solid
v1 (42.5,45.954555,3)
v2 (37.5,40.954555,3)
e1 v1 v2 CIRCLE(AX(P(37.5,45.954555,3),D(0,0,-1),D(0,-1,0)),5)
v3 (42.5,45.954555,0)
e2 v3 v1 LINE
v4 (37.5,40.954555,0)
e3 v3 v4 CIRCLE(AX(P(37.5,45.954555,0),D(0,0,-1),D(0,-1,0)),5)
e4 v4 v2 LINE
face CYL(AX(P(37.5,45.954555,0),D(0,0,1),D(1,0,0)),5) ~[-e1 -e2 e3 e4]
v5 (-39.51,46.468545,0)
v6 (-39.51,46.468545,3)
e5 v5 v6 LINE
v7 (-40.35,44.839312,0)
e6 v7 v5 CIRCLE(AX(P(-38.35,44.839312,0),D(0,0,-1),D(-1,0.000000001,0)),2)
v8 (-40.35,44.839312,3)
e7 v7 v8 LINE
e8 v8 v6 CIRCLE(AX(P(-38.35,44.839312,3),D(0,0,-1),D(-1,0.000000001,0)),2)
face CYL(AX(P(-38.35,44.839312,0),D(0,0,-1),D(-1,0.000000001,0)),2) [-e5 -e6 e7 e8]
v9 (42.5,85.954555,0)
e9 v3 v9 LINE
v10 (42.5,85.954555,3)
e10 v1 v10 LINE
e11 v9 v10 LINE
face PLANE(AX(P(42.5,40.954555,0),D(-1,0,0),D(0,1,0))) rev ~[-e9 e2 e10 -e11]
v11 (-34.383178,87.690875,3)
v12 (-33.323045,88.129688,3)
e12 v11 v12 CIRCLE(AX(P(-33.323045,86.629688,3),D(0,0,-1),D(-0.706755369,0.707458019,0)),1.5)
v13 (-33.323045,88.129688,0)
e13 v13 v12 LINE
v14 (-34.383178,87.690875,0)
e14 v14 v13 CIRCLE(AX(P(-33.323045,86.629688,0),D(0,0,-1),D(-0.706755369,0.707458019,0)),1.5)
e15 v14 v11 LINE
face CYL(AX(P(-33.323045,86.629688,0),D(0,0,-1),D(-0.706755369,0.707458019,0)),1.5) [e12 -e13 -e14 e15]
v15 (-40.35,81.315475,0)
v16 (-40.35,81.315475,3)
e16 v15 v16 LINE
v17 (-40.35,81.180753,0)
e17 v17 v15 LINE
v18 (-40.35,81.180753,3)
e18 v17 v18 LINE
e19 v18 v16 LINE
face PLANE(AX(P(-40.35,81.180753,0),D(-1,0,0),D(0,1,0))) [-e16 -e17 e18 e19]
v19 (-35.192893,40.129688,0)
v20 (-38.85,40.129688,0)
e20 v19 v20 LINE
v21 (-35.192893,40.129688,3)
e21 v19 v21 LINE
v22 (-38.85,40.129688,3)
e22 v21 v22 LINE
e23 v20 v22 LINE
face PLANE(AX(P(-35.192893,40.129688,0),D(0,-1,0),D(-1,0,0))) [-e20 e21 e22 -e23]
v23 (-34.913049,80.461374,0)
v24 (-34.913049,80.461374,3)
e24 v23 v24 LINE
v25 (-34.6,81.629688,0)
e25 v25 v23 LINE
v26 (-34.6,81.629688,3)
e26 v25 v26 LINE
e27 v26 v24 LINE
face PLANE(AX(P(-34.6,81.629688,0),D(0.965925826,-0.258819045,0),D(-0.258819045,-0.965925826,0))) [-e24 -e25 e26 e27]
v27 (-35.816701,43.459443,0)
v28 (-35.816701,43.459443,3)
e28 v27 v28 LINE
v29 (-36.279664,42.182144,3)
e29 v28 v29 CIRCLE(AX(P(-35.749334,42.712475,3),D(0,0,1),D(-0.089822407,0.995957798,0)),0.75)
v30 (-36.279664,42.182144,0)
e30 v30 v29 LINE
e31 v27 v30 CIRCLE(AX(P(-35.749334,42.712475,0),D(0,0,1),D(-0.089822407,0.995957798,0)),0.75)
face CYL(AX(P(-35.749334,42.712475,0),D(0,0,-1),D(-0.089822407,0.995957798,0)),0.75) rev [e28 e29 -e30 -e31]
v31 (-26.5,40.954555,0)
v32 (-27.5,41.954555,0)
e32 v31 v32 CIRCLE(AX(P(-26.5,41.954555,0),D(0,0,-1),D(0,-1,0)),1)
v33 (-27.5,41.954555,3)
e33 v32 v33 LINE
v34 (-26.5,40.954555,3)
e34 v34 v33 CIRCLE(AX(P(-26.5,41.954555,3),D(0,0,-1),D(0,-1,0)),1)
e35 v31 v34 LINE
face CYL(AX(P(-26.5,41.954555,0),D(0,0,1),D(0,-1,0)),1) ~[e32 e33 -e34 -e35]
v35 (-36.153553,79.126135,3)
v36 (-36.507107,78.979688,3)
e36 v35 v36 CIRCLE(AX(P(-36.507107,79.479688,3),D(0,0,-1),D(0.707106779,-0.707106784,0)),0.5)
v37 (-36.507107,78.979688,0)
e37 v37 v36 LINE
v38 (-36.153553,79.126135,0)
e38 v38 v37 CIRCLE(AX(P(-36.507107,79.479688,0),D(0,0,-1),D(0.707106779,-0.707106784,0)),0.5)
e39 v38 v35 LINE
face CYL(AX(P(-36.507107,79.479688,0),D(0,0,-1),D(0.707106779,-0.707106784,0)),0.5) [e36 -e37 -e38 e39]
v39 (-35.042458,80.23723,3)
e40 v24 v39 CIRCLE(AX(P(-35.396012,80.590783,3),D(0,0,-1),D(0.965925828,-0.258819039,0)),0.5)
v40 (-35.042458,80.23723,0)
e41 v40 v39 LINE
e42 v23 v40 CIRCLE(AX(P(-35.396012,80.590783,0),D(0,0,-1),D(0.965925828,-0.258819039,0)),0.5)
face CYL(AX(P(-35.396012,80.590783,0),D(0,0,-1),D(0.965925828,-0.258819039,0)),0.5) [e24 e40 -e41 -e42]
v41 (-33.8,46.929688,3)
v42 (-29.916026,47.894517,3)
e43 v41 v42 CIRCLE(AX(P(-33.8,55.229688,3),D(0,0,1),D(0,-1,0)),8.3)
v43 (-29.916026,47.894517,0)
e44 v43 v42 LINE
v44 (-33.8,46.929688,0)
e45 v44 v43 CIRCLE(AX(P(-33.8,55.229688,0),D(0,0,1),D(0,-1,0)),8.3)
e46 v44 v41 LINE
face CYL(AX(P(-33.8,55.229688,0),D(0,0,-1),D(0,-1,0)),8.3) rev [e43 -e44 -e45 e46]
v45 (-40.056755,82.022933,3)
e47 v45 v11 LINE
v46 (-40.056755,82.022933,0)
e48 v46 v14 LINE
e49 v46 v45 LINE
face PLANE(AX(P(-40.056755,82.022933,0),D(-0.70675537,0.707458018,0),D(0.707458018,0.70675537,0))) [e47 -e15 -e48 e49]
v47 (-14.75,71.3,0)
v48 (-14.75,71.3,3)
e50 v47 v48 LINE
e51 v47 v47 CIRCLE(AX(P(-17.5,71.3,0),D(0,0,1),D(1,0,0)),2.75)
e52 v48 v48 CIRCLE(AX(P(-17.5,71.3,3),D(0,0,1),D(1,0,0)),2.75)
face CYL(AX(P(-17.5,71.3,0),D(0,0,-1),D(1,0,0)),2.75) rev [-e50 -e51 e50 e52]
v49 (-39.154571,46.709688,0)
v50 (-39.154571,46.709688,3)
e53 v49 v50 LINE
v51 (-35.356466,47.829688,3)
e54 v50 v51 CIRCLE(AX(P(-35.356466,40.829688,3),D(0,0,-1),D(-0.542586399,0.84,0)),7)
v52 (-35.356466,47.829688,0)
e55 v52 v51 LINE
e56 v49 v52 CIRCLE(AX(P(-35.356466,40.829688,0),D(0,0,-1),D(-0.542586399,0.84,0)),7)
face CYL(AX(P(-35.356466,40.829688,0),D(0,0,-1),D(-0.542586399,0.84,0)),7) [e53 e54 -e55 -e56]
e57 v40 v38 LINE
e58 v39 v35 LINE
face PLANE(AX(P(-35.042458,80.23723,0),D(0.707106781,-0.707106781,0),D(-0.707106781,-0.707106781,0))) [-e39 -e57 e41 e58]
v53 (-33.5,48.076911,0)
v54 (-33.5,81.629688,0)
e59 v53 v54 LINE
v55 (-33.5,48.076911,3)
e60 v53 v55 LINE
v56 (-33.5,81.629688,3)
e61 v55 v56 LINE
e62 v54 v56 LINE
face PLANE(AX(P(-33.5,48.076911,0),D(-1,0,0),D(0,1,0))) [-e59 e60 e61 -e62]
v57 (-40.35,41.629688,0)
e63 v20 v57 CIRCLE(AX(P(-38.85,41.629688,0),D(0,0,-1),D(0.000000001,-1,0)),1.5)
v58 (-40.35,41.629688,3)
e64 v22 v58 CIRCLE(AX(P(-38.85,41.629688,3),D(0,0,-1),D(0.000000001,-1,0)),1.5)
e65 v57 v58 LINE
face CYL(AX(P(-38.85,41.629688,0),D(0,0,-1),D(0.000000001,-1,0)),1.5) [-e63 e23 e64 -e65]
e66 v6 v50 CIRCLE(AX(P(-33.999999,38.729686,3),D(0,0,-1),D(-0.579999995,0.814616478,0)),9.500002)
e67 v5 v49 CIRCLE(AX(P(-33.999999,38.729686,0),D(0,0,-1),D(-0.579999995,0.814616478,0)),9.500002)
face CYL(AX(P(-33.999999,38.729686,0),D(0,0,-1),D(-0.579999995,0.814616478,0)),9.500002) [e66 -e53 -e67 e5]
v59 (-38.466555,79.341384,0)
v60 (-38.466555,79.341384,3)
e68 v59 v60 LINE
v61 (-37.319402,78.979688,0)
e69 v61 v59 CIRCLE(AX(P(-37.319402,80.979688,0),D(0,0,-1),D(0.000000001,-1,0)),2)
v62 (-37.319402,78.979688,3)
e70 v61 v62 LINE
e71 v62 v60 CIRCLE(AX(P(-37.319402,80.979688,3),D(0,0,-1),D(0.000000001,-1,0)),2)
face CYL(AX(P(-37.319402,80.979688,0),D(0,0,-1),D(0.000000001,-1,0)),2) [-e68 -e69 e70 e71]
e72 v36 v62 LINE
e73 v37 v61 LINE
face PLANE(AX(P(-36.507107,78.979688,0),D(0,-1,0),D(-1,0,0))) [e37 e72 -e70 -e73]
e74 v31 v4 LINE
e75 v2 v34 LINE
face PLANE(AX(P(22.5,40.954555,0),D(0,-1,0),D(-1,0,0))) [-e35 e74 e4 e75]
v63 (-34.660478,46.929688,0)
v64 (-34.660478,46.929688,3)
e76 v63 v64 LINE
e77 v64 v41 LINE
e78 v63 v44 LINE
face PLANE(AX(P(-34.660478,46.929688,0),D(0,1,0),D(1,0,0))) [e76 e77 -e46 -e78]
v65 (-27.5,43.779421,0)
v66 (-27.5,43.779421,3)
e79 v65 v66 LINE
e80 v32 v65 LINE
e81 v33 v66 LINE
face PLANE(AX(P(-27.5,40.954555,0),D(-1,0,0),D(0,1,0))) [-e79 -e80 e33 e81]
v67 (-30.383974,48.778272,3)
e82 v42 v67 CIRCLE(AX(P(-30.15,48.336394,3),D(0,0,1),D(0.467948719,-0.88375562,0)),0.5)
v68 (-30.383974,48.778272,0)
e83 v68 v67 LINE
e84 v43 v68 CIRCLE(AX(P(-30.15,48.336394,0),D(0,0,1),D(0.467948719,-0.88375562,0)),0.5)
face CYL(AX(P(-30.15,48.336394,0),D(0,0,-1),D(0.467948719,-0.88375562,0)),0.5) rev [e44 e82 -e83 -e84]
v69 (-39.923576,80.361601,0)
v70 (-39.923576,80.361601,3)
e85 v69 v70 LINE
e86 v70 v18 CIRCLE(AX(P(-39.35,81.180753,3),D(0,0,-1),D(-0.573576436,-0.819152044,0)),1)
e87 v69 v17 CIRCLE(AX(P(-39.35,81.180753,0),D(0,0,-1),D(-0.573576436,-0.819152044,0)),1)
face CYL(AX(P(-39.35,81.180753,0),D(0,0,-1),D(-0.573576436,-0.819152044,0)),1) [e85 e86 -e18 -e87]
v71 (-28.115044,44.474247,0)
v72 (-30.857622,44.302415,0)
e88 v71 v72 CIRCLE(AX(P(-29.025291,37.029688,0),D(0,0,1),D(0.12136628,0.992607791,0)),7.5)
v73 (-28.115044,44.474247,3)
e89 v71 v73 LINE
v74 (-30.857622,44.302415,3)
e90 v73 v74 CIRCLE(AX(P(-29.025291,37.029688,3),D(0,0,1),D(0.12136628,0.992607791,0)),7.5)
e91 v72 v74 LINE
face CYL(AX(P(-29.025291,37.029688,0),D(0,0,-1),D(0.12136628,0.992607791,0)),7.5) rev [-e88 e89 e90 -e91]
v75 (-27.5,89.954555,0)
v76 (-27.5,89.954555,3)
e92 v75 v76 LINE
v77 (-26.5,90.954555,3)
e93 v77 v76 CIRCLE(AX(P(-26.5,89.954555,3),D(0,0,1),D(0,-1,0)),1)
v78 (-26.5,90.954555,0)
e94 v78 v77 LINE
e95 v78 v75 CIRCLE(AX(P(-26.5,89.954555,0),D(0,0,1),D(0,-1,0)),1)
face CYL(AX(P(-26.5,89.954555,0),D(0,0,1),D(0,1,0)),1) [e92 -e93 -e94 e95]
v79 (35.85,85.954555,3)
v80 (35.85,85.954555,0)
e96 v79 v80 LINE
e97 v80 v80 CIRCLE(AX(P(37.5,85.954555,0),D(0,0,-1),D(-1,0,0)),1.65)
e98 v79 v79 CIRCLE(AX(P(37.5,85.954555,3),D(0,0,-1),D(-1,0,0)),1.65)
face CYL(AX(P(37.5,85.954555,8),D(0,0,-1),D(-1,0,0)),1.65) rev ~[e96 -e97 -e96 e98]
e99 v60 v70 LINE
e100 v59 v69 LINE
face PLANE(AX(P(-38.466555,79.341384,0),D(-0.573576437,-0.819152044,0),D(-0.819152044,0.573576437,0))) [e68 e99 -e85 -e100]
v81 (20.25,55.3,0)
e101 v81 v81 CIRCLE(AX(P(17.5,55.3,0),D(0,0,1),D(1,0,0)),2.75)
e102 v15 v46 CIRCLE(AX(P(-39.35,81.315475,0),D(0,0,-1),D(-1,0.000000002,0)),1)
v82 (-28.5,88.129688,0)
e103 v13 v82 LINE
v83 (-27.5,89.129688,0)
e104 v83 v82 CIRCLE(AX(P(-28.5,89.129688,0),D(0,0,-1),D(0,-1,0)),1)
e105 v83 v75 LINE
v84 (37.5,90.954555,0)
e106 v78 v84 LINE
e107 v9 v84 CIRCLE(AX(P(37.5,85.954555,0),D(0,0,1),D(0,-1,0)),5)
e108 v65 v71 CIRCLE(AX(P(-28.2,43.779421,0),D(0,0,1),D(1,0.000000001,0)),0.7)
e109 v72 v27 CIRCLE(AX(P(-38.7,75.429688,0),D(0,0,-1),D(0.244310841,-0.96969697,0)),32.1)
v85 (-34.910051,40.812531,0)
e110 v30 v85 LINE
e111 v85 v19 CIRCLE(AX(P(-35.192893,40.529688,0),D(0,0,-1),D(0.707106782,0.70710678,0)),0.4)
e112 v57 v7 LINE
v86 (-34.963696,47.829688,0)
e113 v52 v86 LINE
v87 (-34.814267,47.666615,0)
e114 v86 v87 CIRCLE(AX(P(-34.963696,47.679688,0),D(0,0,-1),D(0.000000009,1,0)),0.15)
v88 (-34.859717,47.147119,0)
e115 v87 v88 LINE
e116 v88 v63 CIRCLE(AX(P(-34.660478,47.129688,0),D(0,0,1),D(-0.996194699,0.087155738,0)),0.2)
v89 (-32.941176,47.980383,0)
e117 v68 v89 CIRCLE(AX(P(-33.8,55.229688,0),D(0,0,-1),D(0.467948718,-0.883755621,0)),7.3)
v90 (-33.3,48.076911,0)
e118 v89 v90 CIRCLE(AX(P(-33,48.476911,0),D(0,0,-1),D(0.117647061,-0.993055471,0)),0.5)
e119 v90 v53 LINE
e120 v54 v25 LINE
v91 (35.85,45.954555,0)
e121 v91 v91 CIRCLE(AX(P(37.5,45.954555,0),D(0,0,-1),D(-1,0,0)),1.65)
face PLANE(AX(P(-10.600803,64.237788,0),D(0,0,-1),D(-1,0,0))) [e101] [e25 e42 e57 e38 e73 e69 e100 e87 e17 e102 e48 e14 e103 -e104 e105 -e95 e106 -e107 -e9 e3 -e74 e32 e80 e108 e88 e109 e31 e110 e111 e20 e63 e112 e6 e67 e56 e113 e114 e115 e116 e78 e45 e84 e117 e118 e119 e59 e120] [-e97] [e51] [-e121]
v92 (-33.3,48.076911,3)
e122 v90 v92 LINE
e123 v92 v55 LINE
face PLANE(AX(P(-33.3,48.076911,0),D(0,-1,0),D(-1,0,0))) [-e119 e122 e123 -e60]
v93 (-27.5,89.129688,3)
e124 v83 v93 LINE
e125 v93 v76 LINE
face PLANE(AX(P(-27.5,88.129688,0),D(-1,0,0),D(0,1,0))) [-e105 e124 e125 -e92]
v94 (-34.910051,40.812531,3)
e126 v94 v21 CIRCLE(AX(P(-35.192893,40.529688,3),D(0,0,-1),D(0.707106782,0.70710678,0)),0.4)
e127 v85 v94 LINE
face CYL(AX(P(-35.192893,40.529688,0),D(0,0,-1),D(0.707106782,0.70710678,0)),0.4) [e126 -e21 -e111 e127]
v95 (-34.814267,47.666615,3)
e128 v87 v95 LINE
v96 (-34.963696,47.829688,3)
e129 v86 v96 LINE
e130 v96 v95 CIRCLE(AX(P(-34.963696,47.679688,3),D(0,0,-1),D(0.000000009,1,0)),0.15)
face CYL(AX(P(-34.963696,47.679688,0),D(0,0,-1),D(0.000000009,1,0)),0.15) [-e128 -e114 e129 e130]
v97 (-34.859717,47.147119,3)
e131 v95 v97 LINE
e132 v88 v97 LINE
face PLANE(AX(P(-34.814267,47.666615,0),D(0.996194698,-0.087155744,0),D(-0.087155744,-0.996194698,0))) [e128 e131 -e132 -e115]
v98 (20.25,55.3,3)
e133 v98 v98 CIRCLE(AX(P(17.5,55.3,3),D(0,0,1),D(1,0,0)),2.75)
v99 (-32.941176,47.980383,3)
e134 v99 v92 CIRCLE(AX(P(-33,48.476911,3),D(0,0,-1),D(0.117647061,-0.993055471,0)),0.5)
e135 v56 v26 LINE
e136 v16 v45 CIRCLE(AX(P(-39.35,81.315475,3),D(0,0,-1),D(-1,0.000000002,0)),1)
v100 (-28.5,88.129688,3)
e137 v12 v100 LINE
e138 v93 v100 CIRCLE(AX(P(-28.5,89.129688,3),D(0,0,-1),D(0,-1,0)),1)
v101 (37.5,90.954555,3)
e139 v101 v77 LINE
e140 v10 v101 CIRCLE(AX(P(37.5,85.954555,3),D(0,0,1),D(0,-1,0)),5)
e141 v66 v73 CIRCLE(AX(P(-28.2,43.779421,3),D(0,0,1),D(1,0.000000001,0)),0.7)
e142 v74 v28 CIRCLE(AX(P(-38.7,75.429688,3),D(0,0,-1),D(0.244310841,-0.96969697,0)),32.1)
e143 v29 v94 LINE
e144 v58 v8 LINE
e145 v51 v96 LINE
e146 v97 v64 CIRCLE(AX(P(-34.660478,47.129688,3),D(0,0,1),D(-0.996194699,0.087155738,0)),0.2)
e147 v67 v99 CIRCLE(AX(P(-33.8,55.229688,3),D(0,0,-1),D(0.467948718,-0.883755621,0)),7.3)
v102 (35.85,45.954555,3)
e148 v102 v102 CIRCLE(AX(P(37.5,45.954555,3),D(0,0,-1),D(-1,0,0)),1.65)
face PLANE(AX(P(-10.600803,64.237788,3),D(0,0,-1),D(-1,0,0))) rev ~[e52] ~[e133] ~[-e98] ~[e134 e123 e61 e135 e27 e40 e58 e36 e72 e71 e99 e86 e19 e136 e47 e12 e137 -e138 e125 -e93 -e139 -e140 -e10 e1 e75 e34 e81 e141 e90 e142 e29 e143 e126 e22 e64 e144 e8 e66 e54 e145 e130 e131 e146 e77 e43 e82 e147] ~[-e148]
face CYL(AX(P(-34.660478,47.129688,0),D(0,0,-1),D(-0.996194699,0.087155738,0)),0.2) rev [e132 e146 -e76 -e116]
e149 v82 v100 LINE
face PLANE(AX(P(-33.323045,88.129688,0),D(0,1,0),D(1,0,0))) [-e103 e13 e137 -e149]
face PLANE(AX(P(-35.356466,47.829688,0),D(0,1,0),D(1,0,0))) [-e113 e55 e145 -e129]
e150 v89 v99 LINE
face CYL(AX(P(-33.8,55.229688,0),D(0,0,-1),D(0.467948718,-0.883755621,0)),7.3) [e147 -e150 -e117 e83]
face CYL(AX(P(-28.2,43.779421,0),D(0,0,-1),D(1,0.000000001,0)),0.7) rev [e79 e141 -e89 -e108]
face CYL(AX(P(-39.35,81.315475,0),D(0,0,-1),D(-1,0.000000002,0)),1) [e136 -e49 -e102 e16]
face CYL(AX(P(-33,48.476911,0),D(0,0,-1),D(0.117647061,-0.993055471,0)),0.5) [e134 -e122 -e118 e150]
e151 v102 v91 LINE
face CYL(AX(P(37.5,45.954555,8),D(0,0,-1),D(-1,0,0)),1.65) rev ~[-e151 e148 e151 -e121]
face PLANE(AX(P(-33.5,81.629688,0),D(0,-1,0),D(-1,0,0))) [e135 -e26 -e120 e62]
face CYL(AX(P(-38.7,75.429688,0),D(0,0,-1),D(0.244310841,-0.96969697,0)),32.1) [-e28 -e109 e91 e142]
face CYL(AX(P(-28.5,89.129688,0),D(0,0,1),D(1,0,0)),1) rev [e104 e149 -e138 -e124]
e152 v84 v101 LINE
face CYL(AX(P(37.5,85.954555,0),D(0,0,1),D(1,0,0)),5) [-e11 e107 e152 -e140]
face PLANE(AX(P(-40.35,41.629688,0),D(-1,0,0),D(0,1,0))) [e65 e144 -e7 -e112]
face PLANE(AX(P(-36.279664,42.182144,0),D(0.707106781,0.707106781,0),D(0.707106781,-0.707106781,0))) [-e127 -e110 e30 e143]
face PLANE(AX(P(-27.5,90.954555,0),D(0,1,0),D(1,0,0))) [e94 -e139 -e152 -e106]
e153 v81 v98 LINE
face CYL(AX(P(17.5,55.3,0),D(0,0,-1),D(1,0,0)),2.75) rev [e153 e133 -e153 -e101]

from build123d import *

# Parameters (mm, degrees)
SKETCH1_R                       = 2.75
BOSS_EXTRUDE1_DEPTH             = 3
BOSS_EXTRUDE2_START             = -3
SKETCH2_W                       = 70
SKETCH2_H                       = 50
SKETCH2_R                       = 2.75
BOSS_EXTRUDE2_DEPTH             = 3
FILLET1_R                       = 5
TAP_DRILL_FOR_M4X0_7_TAP1_D     = 3.3
TAP_DRILL_FOR_M4X0_7_TAP1_DEPTH = 5
TAP_DRILL_FOR_M4X0_7_TAP1_TIP   = 0.991420021
FILLET2_R                       = 1


with BuildPart() as part:
    # Sketch1 → Boss-Extrude1 (new body)
    with BuildSketch(Plane.XY):
        with BuildLine():
            Line((-27.5, 40.954554701), (-27.5, 43.77942119))
            ThreePointArc((-27.5, 43.77942119), (-27.675848554, 44.243388065), (-28.115043604, 44.474246643))
            ThreePointArc((-28.115043604, 44.474246643), (-29.494269709, 44.515011098), (-30.857622009, 44.302415486))
            ThreePointArc((-30.857622009, 44.302415486), (-33.320623763, 43.783640888), (-35.816700763, 43.459442898))
            ThreePointArc((-35.816700763, 43.459442898), (-36.454446159, 42.968046035), (-36.279664044, 42.182144463))
            Line((-36.279664044, 42.182144463), (-34.910050506, 40.812530925))
            ThreePointArc((-34.910050506, 40.812530925), (-34.823341406, 40.37661484), (-35.192893219, 40.129688213))
            Line((-35.192893219, 40.129688213), (-38.85, 40.129688213))
            ThreePointArc((-38.85, 40.129688213), (-39.910660172, 40.569028041), (-40.35, 41.629688213))
            Line((-40.35, 41.629688213), (-40.35, 44.839311769))
            ThreePointArc((-40.35, 44.839311769), (-40.127638883, 45.755826908), (-39.51, 46.468544718))
            ThreePointArc((-39.51, 46.468544718), (-39.333648382, 46.591125418), (-39.154570787, 46.709688213))
            ThreePointArc((-39.154570787, 46.709688213), (-37.336364984, 47.543852346), (-35.356465997, 47.829688213))
            Line((-35.356465997, 47.829688213), (-34.963696275, 47.829688213))
            ThreePointArc((-34.963696275, 47.829688213), (-34.853104675, 47.781026744), (-34.81426707, 47.666614851))
            Line((-34.81426707, 47.666614851), (-34.859717037, 47.147119361))
            ThreePointArc((-34.859717037, 47.147119361), (-34.807933564, 46.994570171), (-34.660478097, 46.929688213))
            Line((-34.660478097, 46.929688213), (-33.8, 46.929688213))
            ThreePointArc((-33.8, 46.929688213), (-31.798990845, 47.174505883), (-29.916025641, 47.89451656))
            ThreePointArc((-29.916025641, 47.89451656), (-29.70812219, 48.570368729), (-30.383974359, 48.778272181))
            ThreePointArc((-30.383974359, 48.778272181), (-31.625663196, 48.261025539), (-32.941176471, 47.980383271))
            ThreePointArc((-32.941176471, 47.980383271), (-33.129888119, 47.994076587), (-33.3, 48.076911006))
            Line((-33.3, 48.076911006), (-33.5, 48.076911006))
            Line((-33.5, 48.076911006), (-33.5, 81.629688213))
            Line((-33.5, 81.629688213), (-34.6, 81.629688213))
            Line((-34.6, 81.629688213), (-34.913048957, 80.461373602))
            ThreePointArc((-34.913048957, 80.461373602), (-34.962999168, 80.340783124), (-35.042458479, 80.237229734))
            Line((-35.042458479, 80.237229734), (-36.153553391, 79.126134822))
            ThreePointArc((-36.153553391, 79.126134822), (-36.315765065, 79.017748447), (-36.507106781, 78.979688213))
            Line((-36.507106781, 78.979688213), (-37.319402422, 78.979688213))
            ThreePointArc((-37.319402422, 78.979688213), (-37.920814021, 79.072254311), (-38.466555295, 79.341384124))
            Line((-38.466555295, 79.341384124), (-39.923576436, 80.361601311))
            ThreePointArc((-39.923576436, 80.361601311), (-40.237010833, 80.719004742), (-40.35, 81.180753355))
            Line((-40.35, 81.180753355), (-40.35, 81.315474651))
            ThreePointArc((-40.35, 81.315474651), (-40.273784436, 81.698387585), (-40.05675537, 82.022932669))
            Line((-40.05675537, 82.022932669), (-34.383177792, 87.69087524))
            ThreePointArc((-34.383177792, 87.69087524), (-33.896725598, 88.01565007), (-33.323044738, 88.129688213))
            Line((-33.323044738, 88.129688213), (-27.5, 88.129688213))
            Line((-27.5, 88.129688213), (-27.5, 90.954554701))
            Line((-27.5, 90.954554701), (22.5, 90.954554701))
            Line((22.5, 90.954554701), (22.5, 40.954554701))
            Line((22.5, 40.954554701), (-27.5, 40.954554701))
        make_face()
        with Locations((-17.5, 71.3)):
            Circle(SKETCH1_R, mode=Mode.SUBTRACT)
        with Locations((17.5, 55.3)):
            Circle(SKETCH1_R, mode=Mode.SUBTRACT)
    extrude(amount=BOSS_EXTRUDE1_DEPTH)

    # Sketch2 → Boss-Extrude2 (add)
    with BuildSketch(Plane.XY.offset(3).offset(BOSS_EXTRUDE2_START)):
        with Locations((7.5, 65.954554701)):
            Rectangle(SKETCH2_W, SKETCH2_H)
        with Locations((-17.5, 71.3)):
            Circle(SKETCH2_R, mode=Mode.SUBTRACT)
        with Locations((17.5, 55.3)):
            Circle(SKETCH2_R, mode=Mode.SUBTRACT)
    extrude(amount=BOSS_EXTRUDE2_DEPTH)

    # Fillet1
    fillet1_edges = [part.edges().sort_by_distance(p)[0] for p in [
        (42.5, 40.954554701, 1.5),
        (42.5, 90.954554701, 1.5),
    ]]
    fillet(fillet1_edges, radius=FILLET1_R)

    # Tap Drill for M4x0.7 Tap1
    with Locations(Plane.XY.offset(3)):
        with Locations((37.5, 45.954554701), (37.5, 85.954554701)):
            Hole(TAP_DRILL_FOR_M4X0_7_TAP1_D / 2, depth=TAP_DRILL_FOR_M4X0_7_TAP1_DEPTH)
            with Locations((0, 0, -(TAP_DRILL_FOR_M4X0_7_TAP1_DEPTH + TAP_DRILL_FOR_M4X0_7_TAP1_TIP / 2))):  # 118° drill point
                Cone(0, TAP_DRILL_FOR_M4X0_7_TAP1_D / 2, TAP_DRILL_FOR_M4X0_7_TAP1_TIP, mode=Mode.SUBTRACT)

    # Fillet2
    fillet2_edges = [part.edges().sort_by_distance(p)[0] for p in [
        (-27.5, 90.954554701, 1.5),
        (-27.5, 40.954554701, 1.5),
        (-27.5, 88.129688213, 1.5),
    ]]
    fillet(fillet2_edges, radius=FILLET2_R)


solid = part.part
